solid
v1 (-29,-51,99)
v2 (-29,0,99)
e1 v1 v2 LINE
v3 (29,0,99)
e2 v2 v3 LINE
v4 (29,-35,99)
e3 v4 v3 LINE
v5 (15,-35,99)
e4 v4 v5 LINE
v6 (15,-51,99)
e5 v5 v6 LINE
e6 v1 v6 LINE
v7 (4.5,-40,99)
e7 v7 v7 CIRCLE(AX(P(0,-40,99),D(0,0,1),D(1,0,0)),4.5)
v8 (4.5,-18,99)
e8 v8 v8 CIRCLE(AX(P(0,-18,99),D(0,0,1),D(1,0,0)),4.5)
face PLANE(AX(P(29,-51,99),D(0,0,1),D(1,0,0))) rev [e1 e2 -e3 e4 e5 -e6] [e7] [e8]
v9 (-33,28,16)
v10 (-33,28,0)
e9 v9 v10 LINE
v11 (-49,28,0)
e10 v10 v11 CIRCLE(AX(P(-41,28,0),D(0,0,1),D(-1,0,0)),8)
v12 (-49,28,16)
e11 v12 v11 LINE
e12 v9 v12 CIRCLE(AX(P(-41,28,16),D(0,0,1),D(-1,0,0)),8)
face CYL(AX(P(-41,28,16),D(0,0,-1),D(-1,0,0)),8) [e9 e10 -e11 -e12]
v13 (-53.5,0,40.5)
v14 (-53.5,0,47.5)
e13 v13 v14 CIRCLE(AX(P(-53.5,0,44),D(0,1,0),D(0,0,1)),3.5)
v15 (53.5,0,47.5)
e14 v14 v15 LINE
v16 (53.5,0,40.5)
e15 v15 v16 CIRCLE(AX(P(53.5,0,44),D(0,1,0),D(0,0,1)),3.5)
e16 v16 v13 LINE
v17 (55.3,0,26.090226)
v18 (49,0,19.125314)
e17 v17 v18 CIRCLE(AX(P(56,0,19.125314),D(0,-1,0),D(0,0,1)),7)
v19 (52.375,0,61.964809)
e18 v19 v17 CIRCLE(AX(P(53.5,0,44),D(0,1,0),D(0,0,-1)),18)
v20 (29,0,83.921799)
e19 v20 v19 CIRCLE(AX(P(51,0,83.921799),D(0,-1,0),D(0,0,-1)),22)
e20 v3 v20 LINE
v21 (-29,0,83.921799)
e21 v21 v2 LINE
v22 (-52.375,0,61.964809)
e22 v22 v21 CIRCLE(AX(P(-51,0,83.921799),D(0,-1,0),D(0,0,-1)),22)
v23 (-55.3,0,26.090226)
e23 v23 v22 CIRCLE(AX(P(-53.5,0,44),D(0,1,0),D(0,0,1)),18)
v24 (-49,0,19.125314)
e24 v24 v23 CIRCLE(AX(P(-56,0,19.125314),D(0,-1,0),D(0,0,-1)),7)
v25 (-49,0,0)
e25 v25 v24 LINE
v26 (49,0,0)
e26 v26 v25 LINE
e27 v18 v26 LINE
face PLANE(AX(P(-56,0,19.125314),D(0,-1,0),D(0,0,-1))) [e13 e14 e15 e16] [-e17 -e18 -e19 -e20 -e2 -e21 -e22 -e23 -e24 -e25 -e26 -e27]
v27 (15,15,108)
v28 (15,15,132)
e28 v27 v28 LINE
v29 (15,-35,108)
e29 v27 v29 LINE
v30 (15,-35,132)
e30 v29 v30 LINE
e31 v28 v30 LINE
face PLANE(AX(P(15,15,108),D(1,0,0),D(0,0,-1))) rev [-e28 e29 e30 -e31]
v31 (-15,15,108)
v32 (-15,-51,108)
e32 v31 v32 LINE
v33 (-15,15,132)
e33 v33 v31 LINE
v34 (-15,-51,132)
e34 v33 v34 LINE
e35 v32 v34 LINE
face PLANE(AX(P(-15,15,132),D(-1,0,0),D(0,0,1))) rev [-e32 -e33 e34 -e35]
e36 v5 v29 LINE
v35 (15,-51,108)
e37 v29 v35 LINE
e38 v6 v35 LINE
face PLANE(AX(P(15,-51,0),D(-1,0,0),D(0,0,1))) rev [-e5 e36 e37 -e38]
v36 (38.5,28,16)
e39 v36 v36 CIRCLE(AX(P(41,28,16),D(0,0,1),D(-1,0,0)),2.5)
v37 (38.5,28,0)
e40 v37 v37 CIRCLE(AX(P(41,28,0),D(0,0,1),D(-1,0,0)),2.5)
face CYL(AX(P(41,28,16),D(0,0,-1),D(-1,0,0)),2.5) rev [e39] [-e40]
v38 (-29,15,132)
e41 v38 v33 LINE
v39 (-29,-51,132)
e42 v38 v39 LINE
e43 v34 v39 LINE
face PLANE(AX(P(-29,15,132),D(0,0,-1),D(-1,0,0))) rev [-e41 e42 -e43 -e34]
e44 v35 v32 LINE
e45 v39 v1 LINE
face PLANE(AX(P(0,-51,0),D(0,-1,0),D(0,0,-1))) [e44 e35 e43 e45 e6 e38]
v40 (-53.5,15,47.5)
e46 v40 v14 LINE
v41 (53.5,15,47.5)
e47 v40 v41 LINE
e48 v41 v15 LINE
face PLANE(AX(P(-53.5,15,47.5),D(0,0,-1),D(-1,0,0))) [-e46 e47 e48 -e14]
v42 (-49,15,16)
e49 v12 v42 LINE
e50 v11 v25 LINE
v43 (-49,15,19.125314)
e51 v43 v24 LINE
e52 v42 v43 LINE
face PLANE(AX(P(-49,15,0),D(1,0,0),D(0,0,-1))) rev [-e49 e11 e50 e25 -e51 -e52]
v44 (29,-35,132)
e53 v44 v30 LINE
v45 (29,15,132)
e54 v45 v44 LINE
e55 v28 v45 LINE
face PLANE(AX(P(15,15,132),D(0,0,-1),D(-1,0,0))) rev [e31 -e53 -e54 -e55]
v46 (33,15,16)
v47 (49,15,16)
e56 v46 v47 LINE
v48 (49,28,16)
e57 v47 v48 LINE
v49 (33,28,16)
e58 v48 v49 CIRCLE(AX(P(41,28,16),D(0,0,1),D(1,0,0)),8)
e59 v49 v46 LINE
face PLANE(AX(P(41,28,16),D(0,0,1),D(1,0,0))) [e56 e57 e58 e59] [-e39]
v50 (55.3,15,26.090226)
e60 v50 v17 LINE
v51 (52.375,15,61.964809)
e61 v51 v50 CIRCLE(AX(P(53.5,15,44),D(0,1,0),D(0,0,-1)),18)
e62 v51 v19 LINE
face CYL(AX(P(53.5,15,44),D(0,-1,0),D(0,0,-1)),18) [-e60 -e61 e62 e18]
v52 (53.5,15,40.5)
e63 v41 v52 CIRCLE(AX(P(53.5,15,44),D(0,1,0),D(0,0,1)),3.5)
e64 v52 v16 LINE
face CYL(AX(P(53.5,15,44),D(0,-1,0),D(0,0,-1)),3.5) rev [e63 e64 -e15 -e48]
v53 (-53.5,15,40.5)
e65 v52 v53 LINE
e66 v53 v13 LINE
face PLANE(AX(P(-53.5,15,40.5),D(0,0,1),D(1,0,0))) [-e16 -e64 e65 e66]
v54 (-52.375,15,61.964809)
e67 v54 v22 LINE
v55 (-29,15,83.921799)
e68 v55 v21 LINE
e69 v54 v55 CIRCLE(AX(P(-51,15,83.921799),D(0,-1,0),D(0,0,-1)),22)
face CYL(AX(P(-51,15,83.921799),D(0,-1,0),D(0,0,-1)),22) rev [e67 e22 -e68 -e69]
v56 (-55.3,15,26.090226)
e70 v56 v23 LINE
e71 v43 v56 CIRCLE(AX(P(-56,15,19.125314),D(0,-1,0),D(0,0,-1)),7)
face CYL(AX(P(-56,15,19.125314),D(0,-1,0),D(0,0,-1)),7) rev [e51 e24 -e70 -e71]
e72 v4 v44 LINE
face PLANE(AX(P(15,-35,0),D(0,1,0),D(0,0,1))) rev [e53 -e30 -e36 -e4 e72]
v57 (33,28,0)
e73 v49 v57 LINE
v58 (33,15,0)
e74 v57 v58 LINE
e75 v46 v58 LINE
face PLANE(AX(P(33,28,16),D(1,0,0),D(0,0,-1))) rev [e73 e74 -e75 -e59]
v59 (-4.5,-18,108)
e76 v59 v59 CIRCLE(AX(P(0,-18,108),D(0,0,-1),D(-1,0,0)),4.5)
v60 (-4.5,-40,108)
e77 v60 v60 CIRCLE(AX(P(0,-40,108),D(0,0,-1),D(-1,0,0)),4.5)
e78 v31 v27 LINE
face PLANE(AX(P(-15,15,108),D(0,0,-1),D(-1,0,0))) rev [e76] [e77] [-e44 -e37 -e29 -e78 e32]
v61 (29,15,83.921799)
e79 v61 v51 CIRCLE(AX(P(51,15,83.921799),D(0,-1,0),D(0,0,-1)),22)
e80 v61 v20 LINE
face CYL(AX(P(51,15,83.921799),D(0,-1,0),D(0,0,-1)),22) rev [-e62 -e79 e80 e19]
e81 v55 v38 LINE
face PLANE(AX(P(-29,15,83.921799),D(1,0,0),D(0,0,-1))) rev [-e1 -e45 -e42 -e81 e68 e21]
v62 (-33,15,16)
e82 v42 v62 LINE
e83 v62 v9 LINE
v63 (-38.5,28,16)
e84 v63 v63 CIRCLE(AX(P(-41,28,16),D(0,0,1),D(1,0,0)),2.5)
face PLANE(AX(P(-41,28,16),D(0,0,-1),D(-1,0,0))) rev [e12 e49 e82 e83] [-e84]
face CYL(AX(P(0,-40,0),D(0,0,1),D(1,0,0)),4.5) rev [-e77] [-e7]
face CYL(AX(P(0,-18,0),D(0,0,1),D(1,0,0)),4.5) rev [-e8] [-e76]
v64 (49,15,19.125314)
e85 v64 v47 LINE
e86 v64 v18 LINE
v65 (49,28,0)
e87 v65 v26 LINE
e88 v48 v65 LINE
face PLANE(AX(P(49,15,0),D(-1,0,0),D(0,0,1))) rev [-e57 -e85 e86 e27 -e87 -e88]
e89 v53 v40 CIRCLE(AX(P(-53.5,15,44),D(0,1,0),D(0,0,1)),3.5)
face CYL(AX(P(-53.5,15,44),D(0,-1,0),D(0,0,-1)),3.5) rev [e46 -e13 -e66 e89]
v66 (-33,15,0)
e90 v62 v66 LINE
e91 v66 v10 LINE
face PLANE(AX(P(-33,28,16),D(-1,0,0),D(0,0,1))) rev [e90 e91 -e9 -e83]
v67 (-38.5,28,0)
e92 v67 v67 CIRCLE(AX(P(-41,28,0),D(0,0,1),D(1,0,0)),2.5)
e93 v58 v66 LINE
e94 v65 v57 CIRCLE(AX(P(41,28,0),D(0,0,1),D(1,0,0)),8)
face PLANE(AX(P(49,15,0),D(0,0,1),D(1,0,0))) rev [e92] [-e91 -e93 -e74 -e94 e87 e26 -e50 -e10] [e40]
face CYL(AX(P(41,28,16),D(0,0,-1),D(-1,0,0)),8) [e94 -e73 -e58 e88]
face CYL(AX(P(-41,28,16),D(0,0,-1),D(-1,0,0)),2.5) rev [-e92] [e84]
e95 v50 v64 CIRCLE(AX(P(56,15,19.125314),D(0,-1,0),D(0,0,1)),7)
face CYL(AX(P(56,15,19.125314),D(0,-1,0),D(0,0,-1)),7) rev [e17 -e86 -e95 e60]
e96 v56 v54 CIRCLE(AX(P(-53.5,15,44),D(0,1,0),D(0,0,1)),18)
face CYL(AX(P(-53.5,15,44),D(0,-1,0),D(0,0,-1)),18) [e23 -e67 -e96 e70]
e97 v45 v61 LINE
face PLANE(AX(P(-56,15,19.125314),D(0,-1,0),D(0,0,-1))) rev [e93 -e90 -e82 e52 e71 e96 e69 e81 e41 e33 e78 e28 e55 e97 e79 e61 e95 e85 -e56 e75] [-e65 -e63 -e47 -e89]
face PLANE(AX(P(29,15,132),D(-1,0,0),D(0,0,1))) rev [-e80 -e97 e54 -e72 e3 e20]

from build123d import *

# Parameters (mm, degrees)
BOSS_EXTRUDE1_DEPTH     = 15
SKETCH2_R               = 2.5
BOSS_EXTRUDE2_DEPTH     = 16
BOSS_EXTRUDE3_DEPTH     = 51
CUT_EXTRUDE1_DEPTH      = 140.202191075
CUT_EXTRUDE1_DEPTH_BACK = 140.202191075
SKETCH4_R               = 4.5
SKETCH4_W               = 14
SKETCH4_H               = 16


with BuildPart() as part:
    # Sketch1 → Boss-Extrude1 (new body)
    with BuildSketch(Plane(origin=(0, 0, 0), x_dir=(1, 0, 0), z_dir=(0, 1, 0))):
        with BuildLine():
            Line((49, 0), (-49, 0))
            Line((-49, 0), (-49, -19.125314072))
            ThreePointArc((-49, -19.125314072), (-50.808661059, -23.821056825), (-55.3, -26.090226132))
            ThreePointArc((-55.3, -26.090226132), (-71.440466452, -45.462758858), (-52.375, -61.964809351))
            ThreePointArc((-52.375, -61.964809351), (-35.937629669, -67.886680846), (-29, -83.921798557))
            Line((-29, -83.921798557), (-29, -132))
            Line((-29, -132), (-15, -132))
            Line((-15, -132), (-15, -108))
            Line((-15, -108), (15, -108))
            Line((15, -108), (15, -132))
            Line((15, -132), (29, -132))
            Line((29, -132), (29, -83.921798557))
            ThreePointArc((29, -83.921798557), (35.937629669, -67.886680846), (52.375, -61.964809351))
            ThreePointArc((52.375, -61.964809351), (71.440466452, -45.462758858), (55.3, -26.090226132))
            ThreePointArc((55.3, -26.090226132), (50.808661059, -23.821056825), (49, -19.125314072))
            Line((49, -19.125314072), (49, 0))
        make_face()
        with BuildLine():
            Line((-53.5, -40.5), (53.5, -40.5))
            ThreePointArc((53.5, -40.5), (57, -44), (53.5, -47.5))
            Line((53.5, -47.5), (-53.5, -47.5))
            ThreePointArc((-53.5, -47.5), (-57, -44), (-53.5, -40.5))
        make_face(mode=Mode.SUBTRACT)
    extrude(amount=BOSS_EXTRUDE1_DEPTH)

    # Sketch2 → Boss-Extrude2 (add)
    # profile 1 of 2: a face of its own
    with BuildSketch(Plane.XY):
        with BuildLine():
            Line((-49, 15), (-49, 28))
            ThreePointArc((-49, 28), (-41, 36), (-33, 28))
            Line((-33, 28), (-33, 15))
            Line((-33, 15), (-49, 15))
        make_face()
        with Locations((-41, 28)):
            Circle(SKETCH2_R, mode=Mode.SUBTRACT)
    # profile 2 of 2: a face of its own
    with BuildSketch(Plane.XY):
        with BuildLine():
            Line((33, 15), (49, 15))
            Line((49, 15), (49, 28))
            ThreePointArc((49, 28), (41, 36), (33, 28))
            Line((33, 28), (33, 15))
        make_face()
        with Locations(Location((41, 28, 0), (0, 0, 180))):
            Circle(SKETCH2_R, mode=Mode.SUBTRACT)
    extrude(amount=BOSS_EXTRUDE2_DEPTH)

    # Sketch3 → Boss-Extrude3 (add)
    with BuildSketch(Plane.XZ):
        Polygon((-15, 108), (15, 108), (15, 132), (29, 132), (29, 99), (-29, 99), (-29, 132), (-15, 132), align=None)
    extrude(amount=BOSS_EXTRUDE3_DEPTH)

    # Sketch4 → Cut-Extrude1 (cut, two sides: drawn at the far end of the back side and taken through both)
    with BuildSketch(Plane.XY.offset(108).offset(-CUT_EXTRUDE1_DEPTH_BACK)):
        with Locations((0, -18)):
            Circle(SKETCH4_R)
        with Locations((0, -40)):
            Circle(SKETCH4_R)
        with Locations((22, -43)):
            Rectangle(SKETCH4_W, SKETCH4_H)
    extrude(amount=CUT_EXTRUDE1_DEPTH + CUT_EXTRUDE1_DEPTH_BACK, mode=Mode.SUBTRACT)


solid = part.part
